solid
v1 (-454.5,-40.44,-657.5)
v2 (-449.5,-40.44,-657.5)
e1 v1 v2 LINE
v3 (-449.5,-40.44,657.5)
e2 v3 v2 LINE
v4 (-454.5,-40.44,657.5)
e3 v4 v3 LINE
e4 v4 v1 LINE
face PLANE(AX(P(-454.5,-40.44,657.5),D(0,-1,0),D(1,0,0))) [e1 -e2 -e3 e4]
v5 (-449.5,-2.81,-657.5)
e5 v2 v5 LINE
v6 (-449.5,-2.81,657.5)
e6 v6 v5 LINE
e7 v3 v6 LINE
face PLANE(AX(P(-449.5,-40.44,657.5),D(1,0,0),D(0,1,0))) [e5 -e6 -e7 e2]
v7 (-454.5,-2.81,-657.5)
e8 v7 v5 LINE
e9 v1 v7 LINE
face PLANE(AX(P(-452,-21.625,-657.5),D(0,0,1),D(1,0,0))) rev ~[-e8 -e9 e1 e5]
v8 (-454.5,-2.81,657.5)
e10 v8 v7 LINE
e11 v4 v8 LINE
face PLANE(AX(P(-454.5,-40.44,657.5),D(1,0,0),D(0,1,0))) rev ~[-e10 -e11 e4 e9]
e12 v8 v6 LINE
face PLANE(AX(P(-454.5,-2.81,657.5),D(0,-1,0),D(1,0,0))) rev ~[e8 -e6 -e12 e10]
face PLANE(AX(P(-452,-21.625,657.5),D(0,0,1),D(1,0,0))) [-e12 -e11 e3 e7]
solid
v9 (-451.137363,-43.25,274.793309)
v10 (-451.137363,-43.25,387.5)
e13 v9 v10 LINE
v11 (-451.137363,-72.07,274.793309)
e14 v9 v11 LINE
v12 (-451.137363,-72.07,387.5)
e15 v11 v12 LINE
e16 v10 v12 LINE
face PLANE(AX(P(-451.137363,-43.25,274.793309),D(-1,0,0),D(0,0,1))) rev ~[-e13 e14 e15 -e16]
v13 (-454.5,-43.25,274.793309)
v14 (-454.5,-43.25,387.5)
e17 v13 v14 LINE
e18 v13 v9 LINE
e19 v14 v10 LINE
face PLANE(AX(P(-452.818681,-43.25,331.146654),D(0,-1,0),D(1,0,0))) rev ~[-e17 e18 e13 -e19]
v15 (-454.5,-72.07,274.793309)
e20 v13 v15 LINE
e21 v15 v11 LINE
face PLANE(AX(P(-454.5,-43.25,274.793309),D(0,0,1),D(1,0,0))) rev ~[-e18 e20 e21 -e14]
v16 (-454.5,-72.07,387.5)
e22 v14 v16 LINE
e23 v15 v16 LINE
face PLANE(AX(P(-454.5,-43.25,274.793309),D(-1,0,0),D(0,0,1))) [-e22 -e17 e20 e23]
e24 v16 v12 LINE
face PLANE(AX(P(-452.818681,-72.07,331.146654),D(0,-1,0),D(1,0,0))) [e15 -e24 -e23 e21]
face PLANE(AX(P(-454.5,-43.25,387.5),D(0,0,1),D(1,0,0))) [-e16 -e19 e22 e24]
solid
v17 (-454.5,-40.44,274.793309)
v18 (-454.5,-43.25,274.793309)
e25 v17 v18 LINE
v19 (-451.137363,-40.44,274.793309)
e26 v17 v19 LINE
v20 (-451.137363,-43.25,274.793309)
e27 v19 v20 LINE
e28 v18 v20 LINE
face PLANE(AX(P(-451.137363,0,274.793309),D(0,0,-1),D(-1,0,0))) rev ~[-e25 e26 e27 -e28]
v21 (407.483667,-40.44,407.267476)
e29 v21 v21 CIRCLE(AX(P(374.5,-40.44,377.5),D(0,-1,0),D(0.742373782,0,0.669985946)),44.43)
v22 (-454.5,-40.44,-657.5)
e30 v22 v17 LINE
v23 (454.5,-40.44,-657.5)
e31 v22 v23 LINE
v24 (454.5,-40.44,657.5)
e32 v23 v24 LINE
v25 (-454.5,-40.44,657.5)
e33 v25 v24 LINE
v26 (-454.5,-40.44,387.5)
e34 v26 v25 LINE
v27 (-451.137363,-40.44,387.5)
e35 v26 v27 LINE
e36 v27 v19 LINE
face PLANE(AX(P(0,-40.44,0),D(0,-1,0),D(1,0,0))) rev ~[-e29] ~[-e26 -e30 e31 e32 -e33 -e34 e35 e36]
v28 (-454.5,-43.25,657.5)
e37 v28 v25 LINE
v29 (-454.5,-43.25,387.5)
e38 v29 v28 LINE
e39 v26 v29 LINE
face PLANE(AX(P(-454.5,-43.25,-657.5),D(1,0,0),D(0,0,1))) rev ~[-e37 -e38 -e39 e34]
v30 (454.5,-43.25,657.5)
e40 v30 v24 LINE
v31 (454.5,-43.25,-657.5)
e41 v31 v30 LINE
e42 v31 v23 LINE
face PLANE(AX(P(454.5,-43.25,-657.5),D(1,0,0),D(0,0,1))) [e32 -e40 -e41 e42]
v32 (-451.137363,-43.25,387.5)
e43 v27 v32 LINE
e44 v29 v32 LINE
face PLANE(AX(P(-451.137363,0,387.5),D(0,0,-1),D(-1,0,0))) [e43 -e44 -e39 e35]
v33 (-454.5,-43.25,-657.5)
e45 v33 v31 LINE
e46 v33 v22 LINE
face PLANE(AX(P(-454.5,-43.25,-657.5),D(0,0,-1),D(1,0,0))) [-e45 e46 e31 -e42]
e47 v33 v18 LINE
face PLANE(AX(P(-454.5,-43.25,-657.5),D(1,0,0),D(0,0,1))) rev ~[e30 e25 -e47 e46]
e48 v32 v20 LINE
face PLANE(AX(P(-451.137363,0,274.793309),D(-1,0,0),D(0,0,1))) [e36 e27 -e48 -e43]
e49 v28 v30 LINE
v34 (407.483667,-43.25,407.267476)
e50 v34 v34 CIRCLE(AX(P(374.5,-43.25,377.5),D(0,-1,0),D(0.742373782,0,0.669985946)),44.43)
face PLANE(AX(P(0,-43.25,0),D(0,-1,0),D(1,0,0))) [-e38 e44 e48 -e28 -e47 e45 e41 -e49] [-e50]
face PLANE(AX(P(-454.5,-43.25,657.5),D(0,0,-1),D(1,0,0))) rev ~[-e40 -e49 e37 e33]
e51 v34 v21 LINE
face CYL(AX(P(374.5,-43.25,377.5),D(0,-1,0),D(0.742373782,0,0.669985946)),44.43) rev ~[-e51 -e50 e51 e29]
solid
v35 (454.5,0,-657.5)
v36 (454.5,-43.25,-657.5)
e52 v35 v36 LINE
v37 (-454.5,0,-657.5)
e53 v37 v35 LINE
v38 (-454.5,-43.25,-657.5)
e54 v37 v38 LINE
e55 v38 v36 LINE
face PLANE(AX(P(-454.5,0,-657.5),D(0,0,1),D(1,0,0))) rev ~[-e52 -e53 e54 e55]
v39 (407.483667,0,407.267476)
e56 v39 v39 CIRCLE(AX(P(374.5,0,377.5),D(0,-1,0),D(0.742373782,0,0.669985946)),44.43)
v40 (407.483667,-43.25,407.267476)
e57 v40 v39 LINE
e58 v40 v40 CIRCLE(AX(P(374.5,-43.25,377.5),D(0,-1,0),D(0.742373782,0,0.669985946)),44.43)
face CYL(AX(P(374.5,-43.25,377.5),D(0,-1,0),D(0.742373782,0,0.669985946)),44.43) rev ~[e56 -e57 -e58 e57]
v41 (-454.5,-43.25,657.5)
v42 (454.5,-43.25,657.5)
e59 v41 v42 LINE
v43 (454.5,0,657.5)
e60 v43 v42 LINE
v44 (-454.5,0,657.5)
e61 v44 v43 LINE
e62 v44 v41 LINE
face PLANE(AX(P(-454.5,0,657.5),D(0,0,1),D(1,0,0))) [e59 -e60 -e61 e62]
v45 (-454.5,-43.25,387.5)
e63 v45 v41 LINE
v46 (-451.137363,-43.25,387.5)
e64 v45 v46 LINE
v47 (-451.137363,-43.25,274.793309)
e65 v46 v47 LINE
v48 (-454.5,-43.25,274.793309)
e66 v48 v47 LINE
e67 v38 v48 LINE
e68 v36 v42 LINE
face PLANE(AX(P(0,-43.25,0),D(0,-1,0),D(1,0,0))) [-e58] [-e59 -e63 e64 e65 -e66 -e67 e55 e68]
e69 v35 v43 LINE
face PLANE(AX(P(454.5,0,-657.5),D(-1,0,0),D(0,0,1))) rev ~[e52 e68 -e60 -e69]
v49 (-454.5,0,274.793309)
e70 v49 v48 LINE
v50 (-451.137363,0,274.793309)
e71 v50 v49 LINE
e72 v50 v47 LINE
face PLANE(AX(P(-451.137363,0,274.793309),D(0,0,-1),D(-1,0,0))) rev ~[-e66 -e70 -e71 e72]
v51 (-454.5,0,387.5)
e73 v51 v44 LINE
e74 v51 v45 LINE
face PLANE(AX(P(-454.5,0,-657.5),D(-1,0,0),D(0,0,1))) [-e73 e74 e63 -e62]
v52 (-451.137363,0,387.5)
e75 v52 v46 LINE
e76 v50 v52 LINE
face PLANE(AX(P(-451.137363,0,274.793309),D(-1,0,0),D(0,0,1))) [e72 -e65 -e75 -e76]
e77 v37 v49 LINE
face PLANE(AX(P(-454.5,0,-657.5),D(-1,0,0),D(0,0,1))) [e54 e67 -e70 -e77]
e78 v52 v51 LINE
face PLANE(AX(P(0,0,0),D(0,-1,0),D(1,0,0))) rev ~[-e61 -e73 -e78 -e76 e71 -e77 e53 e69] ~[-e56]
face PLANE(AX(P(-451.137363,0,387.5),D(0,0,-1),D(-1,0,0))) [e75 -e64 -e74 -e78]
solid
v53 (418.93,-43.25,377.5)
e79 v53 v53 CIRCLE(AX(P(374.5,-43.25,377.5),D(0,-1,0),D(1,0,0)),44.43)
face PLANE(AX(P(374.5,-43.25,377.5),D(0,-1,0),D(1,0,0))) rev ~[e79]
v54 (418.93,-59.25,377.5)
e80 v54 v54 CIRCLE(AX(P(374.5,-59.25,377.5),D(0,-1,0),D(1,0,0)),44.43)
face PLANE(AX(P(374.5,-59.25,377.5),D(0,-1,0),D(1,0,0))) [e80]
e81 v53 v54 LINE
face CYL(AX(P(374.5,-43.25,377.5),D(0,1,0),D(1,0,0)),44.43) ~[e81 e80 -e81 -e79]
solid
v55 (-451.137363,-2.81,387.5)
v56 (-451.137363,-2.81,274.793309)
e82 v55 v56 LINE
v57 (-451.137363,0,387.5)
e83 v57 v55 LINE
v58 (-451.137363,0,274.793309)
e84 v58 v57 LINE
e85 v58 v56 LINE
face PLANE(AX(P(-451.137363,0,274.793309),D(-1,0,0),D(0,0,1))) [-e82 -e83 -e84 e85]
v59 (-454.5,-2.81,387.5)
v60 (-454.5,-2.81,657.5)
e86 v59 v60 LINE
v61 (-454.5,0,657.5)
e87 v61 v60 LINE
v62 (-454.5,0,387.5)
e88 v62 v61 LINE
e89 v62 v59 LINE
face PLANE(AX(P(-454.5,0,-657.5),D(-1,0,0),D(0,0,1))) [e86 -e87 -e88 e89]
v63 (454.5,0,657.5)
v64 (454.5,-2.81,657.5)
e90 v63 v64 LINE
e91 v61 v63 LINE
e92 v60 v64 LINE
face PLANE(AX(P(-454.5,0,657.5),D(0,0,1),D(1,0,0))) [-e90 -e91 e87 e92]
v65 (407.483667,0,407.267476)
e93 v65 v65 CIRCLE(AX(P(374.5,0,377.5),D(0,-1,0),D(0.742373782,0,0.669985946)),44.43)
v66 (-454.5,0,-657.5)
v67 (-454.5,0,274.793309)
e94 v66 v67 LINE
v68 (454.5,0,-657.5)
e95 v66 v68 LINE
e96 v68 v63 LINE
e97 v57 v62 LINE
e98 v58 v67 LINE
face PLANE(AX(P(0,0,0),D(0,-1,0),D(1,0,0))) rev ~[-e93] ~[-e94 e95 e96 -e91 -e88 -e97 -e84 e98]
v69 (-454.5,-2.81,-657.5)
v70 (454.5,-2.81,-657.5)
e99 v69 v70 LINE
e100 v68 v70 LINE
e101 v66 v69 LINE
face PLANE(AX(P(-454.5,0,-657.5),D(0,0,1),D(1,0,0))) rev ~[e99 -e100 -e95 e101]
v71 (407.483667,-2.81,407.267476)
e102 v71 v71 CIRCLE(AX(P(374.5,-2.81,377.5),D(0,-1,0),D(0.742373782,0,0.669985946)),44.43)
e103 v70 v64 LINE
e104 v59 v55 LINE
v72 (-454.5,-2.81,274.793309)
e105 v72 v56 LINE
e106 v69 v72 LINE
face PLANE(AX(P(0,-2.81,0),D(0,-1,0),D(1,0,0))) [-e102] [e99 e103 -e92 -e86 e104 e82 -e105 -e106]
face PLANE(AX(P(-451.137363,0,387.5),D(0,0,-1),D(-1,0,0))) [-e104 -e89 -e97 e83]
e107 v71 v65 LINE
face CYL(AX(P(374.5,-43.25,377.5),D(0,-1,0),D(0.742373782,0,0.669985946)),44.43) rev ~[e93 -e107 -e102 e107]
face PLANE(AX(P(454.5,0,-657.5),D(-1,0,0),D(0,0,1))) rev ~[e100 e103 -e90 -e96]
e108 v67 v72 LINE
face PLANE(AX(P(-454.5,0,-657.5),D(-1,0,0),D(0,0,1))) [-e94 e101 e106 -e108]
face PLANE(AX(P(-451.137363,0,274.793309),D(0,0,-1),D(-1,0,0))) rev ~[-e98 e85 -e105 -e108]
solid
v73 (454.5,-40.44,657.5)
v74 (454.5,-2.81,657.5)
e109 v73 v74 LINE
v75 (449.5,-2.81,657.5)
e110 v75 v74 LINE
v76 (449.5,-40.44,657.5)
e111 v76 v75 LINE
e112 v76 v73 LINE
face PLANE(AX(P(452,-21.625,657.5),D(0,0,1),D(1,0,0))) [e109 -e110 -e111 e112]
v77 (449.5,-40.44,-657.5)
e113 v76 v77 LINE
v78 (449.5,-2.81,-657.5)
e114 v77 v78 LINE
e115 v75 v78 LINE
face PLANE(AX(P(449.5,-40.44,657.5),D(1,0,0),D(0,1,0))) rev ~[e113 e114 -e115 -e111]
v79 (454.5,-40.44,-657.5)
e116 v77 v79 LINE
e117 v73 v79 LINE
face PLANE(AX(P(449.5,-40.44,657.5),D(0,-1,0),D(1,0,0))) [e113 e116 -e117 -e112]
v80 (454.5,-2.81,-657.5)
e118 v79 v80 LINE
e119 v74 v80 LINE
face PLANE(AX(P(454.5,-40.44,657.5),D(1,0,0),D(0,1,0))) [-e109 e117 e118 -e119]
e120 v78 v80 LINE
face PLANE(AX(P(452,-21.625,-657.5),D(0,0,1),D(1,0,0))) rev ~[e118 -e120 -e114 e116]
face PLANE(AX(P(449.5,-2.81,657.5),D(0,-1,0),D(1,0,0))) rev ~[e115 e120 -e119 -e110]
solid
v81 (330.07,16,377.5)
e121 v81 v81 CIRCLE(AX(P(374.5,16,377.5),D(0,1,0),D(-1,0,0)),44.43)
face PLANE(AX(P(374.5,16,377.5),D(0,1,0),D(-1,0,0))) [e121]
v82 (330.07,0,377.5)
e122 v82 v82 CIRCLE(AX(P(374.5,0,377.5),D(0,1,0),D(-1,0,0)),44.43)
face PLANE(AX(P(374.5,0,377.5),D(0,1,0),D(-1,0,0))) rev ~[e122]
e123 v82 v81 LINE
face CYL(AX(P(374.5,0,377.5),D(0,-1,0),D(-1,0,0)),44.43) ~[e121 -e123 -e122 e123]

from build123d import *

# Parameters (mm, degrees)
F0_W      = 909
F0_H      = 1315
F1_DEPTH  = 43.25
F2_DEPTH  = 2.81
F3_DEPTH  = 2.81
F5_DEPTH  = 43.251
F6_W      = 3.3626373626
F6_H      = 112.7066911446
F7_DEPTH  = 43.251
F8_R      = 44.43
F9_DEPTH  = 16
F10_R     = 44.43
F11_DEPTH = 16
F12_W     = 3.3626373626
F12_H     = 112.7066911446
F13_DEPTH = 28.82
F14_W     = 5
F14_H     = 37.63
F15_DEPTH = 1315


with BuildPart() as f1:
    # F0 (on Front) → F1 (new body)
    with BuildSketch(Plane.XZ):
        Rectangle(F0_W, F0_H)
    extrude(amount=F1_DEPTH)


with BuildPart() as f2:
    # F2 (new): a face of the model
    f2_faces = [f1.part.faces().sort_by_distance(p)[0] for p in [
        (0, -43.25, 0),
    ]]
    extrude(f2_faces, amount=-F2_DEPTH)


with BuildPart() as f3:
    # F3 (new): a face of the model
    f3_faces = [f1.part.faces().sort_by_distance(p)[0] for p in [
        (0, 0, 0),
    ]]
    extrude(f3_faces, amount=-F3_DEPTH)


with BuildPart() as f5_tool:
    # F4 (on face) → F5 (new body, through all)
    with BuildSketch(Plane.XZ.offset(43.25)):
        with BuildLine():
            ThreePointArc((418.93, 377.5), (415.9698036577, 393.4461683357), (407.4836671352, 407.2674755784))
            Line((407.4836671352, 407.2674755784), (407.4836671352, 377.5))
            Line((407.4836671352, 377.5), (418.93, 377.5))
        make_face()
        with BuildLine():
            Line((407.4836671352, 377.5), (407.4836671352, 407.2674755784))
            ThreePointArc((407.4836671352, 407.2674755784), (333.0301963423, 361.5538316643), (418.93, 377.5))
            Line((418.93, 377.5), (407.4836671352, 377.5))
        make_face()
    extrude(amount=-F5_DEPTH)


with BuildPart() as f1_1:
    add(f1.part)

    # F5: cut by f5_tool
    add(f5_tool.part, mode=Mode.SUBTRACT)


with BuildPart() as f2_1:
    add(f2.part)

    # F5: cut by f5_tool
    add(f5_tool.part, mode=Mode.SUBTRACT)


with BuildPart() as f3_1:
    add(f3.part)

    # F5: cut by f5_tool
    add(f5_tool.part, mode=Mode.SUBTRACT)


with BuildPart() as f7_tool:
    # F6 (on face) → F7 (new body, through all)
    with BuildSketch(Plane(origin=(0, 0, 0), x_dir=(-1, 0, 0), z_dir=(0, 1, 0))):
        with Locations((452.8186813187, 331.1466544277)):
            Rectangle(F6_W, F6_H)
    extrude(amount=-F7_DEPTH)


with BuildPart() as f1_2:
    add(f1_1.part)

    # F7: cut by f7_tool
    add(f7_tool.part, mode=Mode.SUBTRACT)


with BuildPart() as f2_2:
    add(f2_1.part)

    # F7: cut by f7_tool
    add(f7_tool.part, mode=Mode.SUBTRACT)


with BuildPart() as f3_2:
    add(f3_1.part)

    # F7: cut by f7_tool
    add(f7_tool.part, mode=Mode.SUBTRACT)


with BuildPart() as f9:
    # F8 (on face) → F9 (new body)
    with BuildSketch(Plane.XZ.offset(43.25)):
        with Locations((374.5, 377.5)):
            Circle(F8_R)
    extrude(amount=F9_DEPTH)


with BuildPart() as f11:
    # F10 (on face) → F11 (new body)
    with BuildSketch(Plane(origin=(0, 0, 0), x_dir=(-1, 0, 0), z_dir=(0, 1, 0))):
        with Locations((-374.5, 377.5)):
            Circle(F10_R)
    extrude(amount=F11_DEPTH)


with BuildPart() as f13:
    # F12 (on face) → F13 (new body)
    with BuildSketch(Plane.XZ.offset(43.25)):
        with Locations((-452.8186813187, 331.1466544277)):
            Rectangle(F12_W, F12_H)
    extrude(amount=F13_DEPTH)


with BuildPart() as f15:
    # F14 (on face) → F15 (new body)
    with BuildSketch(Plane.XY.offset(657.5)):
        with Locations((-452, -21.625)):
            Rectangle(F14_W, F14_H)
    extrude(amount=-F15_DEPTH)


with BuildPart() as f15b:
    # F14 (on face) → F15, piece 2 (new body)
    with BuildSketch(Plane.XY.offset(657.5)):
        with Locations((452, -21.625)):
            Rectangle(F14_W, F14_H)
    extrude(amount=-F15_DEPTH)


solid = Compound([f1_2.part, f2_2.part, f3_2.part, f9.part, f11.part, f13.part, f15.part, f15b.part])
